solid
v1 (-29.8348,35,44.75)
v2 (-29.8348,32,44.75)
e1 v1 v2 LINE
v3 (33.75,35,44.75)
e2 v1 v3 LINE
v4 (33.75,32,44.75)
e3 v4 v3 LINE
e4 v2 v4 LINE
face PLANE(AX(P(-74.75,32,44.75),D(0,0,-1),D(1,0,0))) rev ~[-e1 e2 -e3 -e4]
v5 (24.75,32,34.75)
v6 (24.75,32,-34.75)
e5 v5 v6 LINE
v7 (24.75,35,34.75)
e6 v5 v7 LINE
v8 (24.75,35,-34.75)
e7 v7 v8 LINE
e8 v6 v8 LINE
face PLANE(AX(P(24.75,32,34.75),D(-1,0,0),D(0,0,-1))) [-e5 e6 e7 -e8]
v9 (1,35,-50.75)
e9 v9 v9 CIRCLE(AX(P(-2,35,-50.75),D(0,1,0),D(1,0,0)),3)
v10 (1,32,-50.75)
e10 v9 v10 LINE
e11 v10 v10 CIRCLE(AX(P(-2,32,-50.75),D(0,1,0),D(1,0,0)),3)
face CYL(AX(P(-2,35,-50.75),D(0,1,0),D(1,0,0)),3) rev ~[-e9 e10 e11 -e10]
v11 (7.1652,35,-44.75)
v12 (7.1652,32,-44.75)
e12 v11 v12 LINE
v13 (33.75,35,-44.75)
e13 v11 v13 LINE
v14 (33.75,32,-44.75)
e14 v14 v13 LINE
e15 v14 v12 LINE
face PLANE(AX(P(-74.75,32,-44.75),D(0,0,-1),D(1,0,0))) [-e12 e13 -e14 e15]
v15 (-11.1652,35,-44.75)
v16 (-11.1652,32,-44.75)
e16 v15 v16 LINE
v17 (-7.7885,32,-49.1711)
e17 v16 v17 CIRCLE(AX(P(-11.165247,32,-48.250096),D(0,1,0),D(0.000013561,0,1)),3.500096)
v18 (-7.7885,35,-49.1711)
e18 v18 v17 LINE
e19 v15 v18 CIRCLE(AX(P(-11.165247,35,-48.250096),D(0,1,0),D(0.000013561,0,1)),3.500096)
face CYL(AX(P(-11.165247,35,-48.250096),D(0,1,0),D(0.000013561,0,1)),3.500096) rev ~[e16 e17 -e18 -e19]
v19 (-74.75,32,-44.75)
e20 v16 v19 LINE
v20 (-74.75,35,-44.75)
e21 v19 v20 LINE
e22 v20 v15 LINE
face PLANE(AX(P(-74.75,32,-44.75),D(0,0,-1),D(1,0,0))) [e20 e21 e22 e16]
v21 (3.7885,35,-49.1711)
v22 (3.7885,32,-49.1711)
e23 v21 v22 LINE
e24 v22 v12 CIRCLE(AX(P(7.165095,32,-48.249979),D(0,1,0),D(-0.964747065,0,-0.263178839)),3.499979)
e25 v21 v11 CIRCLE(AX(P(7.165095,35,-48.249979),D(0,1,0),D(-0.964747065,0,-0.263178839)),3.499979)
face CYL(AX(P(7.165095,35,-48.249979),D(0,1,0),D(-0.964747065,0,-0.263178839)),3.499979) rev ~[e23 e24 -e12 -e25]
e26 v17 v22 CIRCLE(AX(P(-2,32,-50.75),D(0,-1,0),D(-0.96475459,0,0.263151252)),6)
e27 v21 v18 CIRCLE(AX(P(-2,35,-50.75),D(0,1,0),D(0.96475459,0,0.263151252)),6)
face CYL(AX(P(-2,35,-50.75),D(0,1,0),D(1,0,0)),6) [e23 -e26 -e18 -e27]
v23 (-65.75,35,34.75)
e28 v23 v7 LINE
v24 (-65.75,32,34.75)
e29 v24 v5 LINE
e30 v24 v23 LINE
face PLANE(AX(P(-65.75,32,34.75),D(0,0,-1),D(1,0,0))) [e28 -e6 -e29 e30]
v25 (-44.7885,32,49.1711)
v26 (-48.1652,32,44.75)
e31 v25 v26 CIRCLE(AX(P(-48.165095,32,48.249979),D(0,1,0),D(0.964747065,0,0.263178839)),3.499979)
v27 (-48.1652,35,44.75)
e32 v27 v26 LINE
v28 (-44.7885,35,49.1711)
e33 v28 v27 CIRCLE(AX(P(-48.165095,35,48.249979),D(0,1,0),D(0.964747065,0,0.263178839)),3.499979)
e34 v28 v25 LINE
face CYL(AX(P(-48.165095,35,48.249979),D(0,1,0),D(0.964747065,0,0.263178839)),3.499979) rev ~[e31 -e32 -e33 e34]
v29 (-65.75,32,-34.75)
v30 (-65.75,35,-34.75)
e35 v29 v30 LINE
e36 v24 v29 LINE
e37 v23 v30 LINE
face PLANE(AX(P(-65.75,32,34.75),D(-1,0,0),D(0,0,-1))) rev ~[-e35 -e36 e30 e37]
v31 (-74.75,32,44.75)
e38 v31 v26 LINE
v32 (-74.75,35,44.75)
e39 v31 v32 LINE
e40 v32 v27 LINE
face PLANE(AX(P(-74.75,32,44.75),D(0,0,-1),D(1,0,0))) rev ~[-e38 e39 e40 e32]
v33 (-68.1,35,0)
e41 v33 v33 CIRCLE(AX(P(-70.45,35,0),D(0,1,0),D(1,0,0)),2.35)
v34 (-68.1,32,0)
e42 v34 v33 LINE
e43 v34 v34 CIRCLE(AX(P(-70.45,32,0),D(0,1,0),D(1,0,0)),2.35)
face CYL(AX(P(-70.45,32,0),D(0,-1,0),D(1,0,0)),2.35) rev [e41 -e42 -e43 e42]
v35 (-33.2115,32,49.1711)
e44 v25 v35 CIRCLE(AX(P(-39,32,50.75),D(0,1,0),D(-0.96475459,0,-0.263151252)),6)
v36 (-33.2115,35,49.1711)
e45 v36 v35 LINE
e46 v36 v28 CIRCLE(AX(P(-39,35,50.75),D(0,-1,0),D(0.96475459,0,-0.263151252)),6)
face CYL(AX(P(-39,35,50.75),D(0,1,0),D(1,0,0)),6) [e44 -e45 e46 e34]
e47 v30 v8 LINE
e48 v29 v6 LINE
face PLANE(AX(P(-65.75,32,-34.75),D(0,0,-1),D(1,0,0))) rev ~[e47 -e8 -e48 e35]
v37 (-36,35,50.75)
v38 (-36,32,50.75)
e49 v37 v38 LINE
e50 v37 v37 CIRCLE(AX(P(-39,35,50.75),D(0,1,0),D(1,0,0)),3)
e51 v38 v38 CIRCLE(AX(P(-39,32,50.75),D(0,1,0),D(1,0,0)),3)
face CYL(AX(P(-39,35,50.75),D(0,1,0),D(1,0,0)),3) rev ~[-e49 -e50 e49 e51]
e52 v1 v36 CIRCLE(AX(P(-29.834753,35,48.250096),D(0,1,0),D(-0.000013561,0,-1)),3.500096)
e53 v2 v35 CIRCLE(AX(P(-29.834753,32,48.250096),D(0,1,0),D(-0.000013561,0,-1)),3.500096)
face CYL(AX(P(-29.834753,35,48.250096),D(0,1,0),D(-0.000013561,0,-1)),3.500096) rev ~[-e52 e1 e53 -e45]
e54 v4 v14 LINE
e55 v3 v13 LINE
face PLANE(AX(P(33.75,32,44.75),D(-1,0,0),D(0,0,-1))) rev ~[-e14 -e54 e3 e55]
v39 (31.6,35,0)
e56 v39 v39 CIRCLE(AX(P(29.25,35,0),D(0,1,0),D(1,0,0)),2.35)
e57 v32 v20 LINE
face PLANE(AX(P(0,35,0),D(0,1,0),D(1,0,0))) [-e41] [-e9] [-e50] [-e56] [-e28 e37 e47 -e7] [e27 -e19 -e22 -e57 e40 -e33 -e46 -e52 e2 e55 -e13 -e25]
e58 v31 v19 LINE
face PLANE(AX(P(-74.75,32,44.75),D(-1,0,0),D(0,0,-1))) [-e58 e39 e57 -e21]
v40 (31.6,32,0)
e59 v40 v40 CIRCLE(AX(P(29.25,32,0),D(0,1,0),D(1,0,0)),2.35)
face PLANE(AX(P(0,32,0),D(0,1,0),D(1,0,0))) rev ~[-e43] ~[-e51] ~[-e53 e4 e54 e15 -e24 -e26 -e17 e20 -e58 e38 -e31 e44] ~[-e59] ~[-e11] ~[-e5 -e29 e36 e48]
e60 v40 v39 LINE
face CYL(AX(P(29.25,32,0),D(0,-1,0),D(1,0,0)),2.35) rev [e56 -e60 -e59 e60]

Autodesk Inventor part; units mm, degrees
ref_plane "YZ Plane" through (0, 0, 0) normal (1, 0, 0) x (0, 1, 0)
ref_plane "XY Plane" through (0, 0, 0) normal (0, 0, 1) x (1, 0, 0)
ref_plane "Work Plane4" through (0, 32, 0) normal (0, 1, 0) x (-1, 0, 0)
sketch "Sketch1" plane through (0, 0, 0) normal (0, 1, 0) x (-1, 0, 0)
  line L0 (33.75, 44.75) -> (-33.75, 44.75)
  line L1 (-33.75, 44.75) -> (-33.75, -44.75)
  line L2 (-33.75, -44.75) -> (33.75, -44.75)
  line L3 (33.75, -44.75) -> (33.75, 44.75)
  line L4 (21.75, -36.75) -> (-21.75, -36.75)
  line L5 (21.75, 36.75) -> (-21.75, 36.75)
  line L6 (21.75, 36.75) -> (21.75, -36.75)
  line L7 (-21.75, 36.75) -> (-21.75, -36.75)
  line L8 (33.75, -41.75) -> (-33.75, -41.75)
  line L9 (33.75, 41.75) -> (-33.75, 41.75)
  line L10 (-6.7955, 36.75) -> (21.75, 0)
  line L11 (21.75, 0) -> (0, -36.75)
  point P0 (0, 0)
  point P1 (-33.75, 0)
  dimension "d0" = 83.5
  dimension "d1" = 3
  dimension "d2" = 3
  dimension "d4" = 5
  dimension "d5" = 5
  dimension "d6" = 12
  dimension "d7" = 12
  dimension "d8" = 67.5
  dimension "d9" = 33.75
  dimension "d10" = 41.75
sketch "Sketch2" plane through (0, 32, 0) normal (0, 1, 0) x (1, 0, 0)
  line L0 (-65.75, 34.75) -> (24.75, 34.75)
  line L1 (-65.75, -34.75) -> (24.75, -34.75)
  line L2 (24.75, -34.75) -> (24.75, 34.75)
  line L3 (-65.75, -34.75) -> (-65.75, 34.75)
  line L4 (-74.75, -44.75) -> (-74.75, 44.75)
  line L5 (33.75, -44.75) -> (33.75, 44.75) projected
  line L6 (33.75, 44.75) -> (-33.75, 44.75) projected
  line L7 (-74.75, -44.75) -> (33.75, -44.75)
  line L8 (-74.75, 44.75) -> (33.75, 44.75)
  dimension "d94" = 69.5
  dimension "d96" = 90.5
  dimension "d97" = 9
  dimension "d98" = 9
  dimension "d99" = 10
  dimension "d100" = 10
extrude "Extrusion3" add sketch "Sketch2" along normal blind 3
sketch "Sketch3" plane through (0, 32, 0) normal (0, 1, 0) x (1, 0, 0)
  circle A0 centre (29.25, 0) radius 4.5
  circle A1 centre (-70.45, 0) radius 4.5
  circle A2 centre (-70.45, 0) radius 2.35
  circle A3 centre (29.25, 0) radius 2.35
  line L0 (33.75, -44.75) -> (33.75, 44.75)
  point P0 (0, 0)
  dimension "d24" = 9
  dimension "d27" = 4.7
  dimension "d43" = 99.7
  dimension "d44" = 4.5
extrude "Extrusion5" cut sketch "Sketch3" along normal blind 3 contours A2 | A3
sketch "Sketch9" plane through (0, 35, 0) normal (0, 1, 0) x (1, 0, 0)
  circle A0 centre (-39, -50.75) radius 3
  circle A1 centre (-39, -50.75) radius 6
  line L0 (-74.75, -44.75) -> (33.75, -44.75) projected
  circle A2 centre (-2, -50.75) radius 3
  circle A3 centre (-2, -50.75) radius 6
  arc A4 (7.1652, -44.75) -> (3.7885, -49.1711) centre (7.1652, -48.25) ccw
  arc A5 (-7.7885, -49.1711) -> (-11.1652, -44.75) centre (-11.1652, -48.25) ccw
  arc A6 (-29.8348, -44.75) -> (-33.2115, -49.1711) centre (-29.8348, -48.25) ccw
  arc A7 (-44.7885, -49.1711) -> (-48.1652, -44.75) centre (-48.1652, -48.25) ccw
  line L1 (33.75, -44.75) -> (33.75, 44.75) projected
  line L2 (-74.75, 44.75) -> (-74.75, -44.75) projected
  line L3 (64.0405, 0) -> (-151.031, 0) construction
  circle A8 centre (-39, 50.75) radius 3
  circle A9 centre (-39, 50.75) radius 6
  circle A10 centre (-2, 50.75) radius 3
  circle A11 centre (-2, 50.75) radius 6
  arc A12 (3.7885, 49.1711) -> (7.1652, 44.75) centre (7.1652, 48.25) ccw
  arc A13 (-11.1652, 44.75) -> (-7.7885, 49.1711) centre (-11.1652, 48.25) ccw
  arc A14 (-33.2115, 49.1711) -> (-29.8348, 44.75) centre (-29.8348, 48.25) ccw
  arc A15 (-48.1652, 44.75) -> (-44.7885, 49.1711) centre (-48.1652, 48.25) ccw
  line L4 (33.75, 44.75) -> (-74.75, 44.75) projected
  point P0 (0, 0)
  dimension "d101" = 6
  dimension "d102" = 12
  dimension "d103" = 37
  dimension "d104" = 7
  dimension "d105" = 108.5
  dimension "d106" = 35.75
extrude "Extrusion10" add sketch "Sketch9" against normal blind 3 contours A1 | A1 L0 A6 | A7 L0 A1 | L4 A11 A12 | A13 A11 L4 | A11
equation "\"d9\" = 0.5 * d8"
equation "\"d10\" = 0.5 * d0"
equation "\"d44\" = 0.5 * d24"
equation "\"d2\" = d1"
equation "\"d5\" = d4"
equation "\"d7\" = d6"
properties part number "CO-1-06-fuseMountTop"
